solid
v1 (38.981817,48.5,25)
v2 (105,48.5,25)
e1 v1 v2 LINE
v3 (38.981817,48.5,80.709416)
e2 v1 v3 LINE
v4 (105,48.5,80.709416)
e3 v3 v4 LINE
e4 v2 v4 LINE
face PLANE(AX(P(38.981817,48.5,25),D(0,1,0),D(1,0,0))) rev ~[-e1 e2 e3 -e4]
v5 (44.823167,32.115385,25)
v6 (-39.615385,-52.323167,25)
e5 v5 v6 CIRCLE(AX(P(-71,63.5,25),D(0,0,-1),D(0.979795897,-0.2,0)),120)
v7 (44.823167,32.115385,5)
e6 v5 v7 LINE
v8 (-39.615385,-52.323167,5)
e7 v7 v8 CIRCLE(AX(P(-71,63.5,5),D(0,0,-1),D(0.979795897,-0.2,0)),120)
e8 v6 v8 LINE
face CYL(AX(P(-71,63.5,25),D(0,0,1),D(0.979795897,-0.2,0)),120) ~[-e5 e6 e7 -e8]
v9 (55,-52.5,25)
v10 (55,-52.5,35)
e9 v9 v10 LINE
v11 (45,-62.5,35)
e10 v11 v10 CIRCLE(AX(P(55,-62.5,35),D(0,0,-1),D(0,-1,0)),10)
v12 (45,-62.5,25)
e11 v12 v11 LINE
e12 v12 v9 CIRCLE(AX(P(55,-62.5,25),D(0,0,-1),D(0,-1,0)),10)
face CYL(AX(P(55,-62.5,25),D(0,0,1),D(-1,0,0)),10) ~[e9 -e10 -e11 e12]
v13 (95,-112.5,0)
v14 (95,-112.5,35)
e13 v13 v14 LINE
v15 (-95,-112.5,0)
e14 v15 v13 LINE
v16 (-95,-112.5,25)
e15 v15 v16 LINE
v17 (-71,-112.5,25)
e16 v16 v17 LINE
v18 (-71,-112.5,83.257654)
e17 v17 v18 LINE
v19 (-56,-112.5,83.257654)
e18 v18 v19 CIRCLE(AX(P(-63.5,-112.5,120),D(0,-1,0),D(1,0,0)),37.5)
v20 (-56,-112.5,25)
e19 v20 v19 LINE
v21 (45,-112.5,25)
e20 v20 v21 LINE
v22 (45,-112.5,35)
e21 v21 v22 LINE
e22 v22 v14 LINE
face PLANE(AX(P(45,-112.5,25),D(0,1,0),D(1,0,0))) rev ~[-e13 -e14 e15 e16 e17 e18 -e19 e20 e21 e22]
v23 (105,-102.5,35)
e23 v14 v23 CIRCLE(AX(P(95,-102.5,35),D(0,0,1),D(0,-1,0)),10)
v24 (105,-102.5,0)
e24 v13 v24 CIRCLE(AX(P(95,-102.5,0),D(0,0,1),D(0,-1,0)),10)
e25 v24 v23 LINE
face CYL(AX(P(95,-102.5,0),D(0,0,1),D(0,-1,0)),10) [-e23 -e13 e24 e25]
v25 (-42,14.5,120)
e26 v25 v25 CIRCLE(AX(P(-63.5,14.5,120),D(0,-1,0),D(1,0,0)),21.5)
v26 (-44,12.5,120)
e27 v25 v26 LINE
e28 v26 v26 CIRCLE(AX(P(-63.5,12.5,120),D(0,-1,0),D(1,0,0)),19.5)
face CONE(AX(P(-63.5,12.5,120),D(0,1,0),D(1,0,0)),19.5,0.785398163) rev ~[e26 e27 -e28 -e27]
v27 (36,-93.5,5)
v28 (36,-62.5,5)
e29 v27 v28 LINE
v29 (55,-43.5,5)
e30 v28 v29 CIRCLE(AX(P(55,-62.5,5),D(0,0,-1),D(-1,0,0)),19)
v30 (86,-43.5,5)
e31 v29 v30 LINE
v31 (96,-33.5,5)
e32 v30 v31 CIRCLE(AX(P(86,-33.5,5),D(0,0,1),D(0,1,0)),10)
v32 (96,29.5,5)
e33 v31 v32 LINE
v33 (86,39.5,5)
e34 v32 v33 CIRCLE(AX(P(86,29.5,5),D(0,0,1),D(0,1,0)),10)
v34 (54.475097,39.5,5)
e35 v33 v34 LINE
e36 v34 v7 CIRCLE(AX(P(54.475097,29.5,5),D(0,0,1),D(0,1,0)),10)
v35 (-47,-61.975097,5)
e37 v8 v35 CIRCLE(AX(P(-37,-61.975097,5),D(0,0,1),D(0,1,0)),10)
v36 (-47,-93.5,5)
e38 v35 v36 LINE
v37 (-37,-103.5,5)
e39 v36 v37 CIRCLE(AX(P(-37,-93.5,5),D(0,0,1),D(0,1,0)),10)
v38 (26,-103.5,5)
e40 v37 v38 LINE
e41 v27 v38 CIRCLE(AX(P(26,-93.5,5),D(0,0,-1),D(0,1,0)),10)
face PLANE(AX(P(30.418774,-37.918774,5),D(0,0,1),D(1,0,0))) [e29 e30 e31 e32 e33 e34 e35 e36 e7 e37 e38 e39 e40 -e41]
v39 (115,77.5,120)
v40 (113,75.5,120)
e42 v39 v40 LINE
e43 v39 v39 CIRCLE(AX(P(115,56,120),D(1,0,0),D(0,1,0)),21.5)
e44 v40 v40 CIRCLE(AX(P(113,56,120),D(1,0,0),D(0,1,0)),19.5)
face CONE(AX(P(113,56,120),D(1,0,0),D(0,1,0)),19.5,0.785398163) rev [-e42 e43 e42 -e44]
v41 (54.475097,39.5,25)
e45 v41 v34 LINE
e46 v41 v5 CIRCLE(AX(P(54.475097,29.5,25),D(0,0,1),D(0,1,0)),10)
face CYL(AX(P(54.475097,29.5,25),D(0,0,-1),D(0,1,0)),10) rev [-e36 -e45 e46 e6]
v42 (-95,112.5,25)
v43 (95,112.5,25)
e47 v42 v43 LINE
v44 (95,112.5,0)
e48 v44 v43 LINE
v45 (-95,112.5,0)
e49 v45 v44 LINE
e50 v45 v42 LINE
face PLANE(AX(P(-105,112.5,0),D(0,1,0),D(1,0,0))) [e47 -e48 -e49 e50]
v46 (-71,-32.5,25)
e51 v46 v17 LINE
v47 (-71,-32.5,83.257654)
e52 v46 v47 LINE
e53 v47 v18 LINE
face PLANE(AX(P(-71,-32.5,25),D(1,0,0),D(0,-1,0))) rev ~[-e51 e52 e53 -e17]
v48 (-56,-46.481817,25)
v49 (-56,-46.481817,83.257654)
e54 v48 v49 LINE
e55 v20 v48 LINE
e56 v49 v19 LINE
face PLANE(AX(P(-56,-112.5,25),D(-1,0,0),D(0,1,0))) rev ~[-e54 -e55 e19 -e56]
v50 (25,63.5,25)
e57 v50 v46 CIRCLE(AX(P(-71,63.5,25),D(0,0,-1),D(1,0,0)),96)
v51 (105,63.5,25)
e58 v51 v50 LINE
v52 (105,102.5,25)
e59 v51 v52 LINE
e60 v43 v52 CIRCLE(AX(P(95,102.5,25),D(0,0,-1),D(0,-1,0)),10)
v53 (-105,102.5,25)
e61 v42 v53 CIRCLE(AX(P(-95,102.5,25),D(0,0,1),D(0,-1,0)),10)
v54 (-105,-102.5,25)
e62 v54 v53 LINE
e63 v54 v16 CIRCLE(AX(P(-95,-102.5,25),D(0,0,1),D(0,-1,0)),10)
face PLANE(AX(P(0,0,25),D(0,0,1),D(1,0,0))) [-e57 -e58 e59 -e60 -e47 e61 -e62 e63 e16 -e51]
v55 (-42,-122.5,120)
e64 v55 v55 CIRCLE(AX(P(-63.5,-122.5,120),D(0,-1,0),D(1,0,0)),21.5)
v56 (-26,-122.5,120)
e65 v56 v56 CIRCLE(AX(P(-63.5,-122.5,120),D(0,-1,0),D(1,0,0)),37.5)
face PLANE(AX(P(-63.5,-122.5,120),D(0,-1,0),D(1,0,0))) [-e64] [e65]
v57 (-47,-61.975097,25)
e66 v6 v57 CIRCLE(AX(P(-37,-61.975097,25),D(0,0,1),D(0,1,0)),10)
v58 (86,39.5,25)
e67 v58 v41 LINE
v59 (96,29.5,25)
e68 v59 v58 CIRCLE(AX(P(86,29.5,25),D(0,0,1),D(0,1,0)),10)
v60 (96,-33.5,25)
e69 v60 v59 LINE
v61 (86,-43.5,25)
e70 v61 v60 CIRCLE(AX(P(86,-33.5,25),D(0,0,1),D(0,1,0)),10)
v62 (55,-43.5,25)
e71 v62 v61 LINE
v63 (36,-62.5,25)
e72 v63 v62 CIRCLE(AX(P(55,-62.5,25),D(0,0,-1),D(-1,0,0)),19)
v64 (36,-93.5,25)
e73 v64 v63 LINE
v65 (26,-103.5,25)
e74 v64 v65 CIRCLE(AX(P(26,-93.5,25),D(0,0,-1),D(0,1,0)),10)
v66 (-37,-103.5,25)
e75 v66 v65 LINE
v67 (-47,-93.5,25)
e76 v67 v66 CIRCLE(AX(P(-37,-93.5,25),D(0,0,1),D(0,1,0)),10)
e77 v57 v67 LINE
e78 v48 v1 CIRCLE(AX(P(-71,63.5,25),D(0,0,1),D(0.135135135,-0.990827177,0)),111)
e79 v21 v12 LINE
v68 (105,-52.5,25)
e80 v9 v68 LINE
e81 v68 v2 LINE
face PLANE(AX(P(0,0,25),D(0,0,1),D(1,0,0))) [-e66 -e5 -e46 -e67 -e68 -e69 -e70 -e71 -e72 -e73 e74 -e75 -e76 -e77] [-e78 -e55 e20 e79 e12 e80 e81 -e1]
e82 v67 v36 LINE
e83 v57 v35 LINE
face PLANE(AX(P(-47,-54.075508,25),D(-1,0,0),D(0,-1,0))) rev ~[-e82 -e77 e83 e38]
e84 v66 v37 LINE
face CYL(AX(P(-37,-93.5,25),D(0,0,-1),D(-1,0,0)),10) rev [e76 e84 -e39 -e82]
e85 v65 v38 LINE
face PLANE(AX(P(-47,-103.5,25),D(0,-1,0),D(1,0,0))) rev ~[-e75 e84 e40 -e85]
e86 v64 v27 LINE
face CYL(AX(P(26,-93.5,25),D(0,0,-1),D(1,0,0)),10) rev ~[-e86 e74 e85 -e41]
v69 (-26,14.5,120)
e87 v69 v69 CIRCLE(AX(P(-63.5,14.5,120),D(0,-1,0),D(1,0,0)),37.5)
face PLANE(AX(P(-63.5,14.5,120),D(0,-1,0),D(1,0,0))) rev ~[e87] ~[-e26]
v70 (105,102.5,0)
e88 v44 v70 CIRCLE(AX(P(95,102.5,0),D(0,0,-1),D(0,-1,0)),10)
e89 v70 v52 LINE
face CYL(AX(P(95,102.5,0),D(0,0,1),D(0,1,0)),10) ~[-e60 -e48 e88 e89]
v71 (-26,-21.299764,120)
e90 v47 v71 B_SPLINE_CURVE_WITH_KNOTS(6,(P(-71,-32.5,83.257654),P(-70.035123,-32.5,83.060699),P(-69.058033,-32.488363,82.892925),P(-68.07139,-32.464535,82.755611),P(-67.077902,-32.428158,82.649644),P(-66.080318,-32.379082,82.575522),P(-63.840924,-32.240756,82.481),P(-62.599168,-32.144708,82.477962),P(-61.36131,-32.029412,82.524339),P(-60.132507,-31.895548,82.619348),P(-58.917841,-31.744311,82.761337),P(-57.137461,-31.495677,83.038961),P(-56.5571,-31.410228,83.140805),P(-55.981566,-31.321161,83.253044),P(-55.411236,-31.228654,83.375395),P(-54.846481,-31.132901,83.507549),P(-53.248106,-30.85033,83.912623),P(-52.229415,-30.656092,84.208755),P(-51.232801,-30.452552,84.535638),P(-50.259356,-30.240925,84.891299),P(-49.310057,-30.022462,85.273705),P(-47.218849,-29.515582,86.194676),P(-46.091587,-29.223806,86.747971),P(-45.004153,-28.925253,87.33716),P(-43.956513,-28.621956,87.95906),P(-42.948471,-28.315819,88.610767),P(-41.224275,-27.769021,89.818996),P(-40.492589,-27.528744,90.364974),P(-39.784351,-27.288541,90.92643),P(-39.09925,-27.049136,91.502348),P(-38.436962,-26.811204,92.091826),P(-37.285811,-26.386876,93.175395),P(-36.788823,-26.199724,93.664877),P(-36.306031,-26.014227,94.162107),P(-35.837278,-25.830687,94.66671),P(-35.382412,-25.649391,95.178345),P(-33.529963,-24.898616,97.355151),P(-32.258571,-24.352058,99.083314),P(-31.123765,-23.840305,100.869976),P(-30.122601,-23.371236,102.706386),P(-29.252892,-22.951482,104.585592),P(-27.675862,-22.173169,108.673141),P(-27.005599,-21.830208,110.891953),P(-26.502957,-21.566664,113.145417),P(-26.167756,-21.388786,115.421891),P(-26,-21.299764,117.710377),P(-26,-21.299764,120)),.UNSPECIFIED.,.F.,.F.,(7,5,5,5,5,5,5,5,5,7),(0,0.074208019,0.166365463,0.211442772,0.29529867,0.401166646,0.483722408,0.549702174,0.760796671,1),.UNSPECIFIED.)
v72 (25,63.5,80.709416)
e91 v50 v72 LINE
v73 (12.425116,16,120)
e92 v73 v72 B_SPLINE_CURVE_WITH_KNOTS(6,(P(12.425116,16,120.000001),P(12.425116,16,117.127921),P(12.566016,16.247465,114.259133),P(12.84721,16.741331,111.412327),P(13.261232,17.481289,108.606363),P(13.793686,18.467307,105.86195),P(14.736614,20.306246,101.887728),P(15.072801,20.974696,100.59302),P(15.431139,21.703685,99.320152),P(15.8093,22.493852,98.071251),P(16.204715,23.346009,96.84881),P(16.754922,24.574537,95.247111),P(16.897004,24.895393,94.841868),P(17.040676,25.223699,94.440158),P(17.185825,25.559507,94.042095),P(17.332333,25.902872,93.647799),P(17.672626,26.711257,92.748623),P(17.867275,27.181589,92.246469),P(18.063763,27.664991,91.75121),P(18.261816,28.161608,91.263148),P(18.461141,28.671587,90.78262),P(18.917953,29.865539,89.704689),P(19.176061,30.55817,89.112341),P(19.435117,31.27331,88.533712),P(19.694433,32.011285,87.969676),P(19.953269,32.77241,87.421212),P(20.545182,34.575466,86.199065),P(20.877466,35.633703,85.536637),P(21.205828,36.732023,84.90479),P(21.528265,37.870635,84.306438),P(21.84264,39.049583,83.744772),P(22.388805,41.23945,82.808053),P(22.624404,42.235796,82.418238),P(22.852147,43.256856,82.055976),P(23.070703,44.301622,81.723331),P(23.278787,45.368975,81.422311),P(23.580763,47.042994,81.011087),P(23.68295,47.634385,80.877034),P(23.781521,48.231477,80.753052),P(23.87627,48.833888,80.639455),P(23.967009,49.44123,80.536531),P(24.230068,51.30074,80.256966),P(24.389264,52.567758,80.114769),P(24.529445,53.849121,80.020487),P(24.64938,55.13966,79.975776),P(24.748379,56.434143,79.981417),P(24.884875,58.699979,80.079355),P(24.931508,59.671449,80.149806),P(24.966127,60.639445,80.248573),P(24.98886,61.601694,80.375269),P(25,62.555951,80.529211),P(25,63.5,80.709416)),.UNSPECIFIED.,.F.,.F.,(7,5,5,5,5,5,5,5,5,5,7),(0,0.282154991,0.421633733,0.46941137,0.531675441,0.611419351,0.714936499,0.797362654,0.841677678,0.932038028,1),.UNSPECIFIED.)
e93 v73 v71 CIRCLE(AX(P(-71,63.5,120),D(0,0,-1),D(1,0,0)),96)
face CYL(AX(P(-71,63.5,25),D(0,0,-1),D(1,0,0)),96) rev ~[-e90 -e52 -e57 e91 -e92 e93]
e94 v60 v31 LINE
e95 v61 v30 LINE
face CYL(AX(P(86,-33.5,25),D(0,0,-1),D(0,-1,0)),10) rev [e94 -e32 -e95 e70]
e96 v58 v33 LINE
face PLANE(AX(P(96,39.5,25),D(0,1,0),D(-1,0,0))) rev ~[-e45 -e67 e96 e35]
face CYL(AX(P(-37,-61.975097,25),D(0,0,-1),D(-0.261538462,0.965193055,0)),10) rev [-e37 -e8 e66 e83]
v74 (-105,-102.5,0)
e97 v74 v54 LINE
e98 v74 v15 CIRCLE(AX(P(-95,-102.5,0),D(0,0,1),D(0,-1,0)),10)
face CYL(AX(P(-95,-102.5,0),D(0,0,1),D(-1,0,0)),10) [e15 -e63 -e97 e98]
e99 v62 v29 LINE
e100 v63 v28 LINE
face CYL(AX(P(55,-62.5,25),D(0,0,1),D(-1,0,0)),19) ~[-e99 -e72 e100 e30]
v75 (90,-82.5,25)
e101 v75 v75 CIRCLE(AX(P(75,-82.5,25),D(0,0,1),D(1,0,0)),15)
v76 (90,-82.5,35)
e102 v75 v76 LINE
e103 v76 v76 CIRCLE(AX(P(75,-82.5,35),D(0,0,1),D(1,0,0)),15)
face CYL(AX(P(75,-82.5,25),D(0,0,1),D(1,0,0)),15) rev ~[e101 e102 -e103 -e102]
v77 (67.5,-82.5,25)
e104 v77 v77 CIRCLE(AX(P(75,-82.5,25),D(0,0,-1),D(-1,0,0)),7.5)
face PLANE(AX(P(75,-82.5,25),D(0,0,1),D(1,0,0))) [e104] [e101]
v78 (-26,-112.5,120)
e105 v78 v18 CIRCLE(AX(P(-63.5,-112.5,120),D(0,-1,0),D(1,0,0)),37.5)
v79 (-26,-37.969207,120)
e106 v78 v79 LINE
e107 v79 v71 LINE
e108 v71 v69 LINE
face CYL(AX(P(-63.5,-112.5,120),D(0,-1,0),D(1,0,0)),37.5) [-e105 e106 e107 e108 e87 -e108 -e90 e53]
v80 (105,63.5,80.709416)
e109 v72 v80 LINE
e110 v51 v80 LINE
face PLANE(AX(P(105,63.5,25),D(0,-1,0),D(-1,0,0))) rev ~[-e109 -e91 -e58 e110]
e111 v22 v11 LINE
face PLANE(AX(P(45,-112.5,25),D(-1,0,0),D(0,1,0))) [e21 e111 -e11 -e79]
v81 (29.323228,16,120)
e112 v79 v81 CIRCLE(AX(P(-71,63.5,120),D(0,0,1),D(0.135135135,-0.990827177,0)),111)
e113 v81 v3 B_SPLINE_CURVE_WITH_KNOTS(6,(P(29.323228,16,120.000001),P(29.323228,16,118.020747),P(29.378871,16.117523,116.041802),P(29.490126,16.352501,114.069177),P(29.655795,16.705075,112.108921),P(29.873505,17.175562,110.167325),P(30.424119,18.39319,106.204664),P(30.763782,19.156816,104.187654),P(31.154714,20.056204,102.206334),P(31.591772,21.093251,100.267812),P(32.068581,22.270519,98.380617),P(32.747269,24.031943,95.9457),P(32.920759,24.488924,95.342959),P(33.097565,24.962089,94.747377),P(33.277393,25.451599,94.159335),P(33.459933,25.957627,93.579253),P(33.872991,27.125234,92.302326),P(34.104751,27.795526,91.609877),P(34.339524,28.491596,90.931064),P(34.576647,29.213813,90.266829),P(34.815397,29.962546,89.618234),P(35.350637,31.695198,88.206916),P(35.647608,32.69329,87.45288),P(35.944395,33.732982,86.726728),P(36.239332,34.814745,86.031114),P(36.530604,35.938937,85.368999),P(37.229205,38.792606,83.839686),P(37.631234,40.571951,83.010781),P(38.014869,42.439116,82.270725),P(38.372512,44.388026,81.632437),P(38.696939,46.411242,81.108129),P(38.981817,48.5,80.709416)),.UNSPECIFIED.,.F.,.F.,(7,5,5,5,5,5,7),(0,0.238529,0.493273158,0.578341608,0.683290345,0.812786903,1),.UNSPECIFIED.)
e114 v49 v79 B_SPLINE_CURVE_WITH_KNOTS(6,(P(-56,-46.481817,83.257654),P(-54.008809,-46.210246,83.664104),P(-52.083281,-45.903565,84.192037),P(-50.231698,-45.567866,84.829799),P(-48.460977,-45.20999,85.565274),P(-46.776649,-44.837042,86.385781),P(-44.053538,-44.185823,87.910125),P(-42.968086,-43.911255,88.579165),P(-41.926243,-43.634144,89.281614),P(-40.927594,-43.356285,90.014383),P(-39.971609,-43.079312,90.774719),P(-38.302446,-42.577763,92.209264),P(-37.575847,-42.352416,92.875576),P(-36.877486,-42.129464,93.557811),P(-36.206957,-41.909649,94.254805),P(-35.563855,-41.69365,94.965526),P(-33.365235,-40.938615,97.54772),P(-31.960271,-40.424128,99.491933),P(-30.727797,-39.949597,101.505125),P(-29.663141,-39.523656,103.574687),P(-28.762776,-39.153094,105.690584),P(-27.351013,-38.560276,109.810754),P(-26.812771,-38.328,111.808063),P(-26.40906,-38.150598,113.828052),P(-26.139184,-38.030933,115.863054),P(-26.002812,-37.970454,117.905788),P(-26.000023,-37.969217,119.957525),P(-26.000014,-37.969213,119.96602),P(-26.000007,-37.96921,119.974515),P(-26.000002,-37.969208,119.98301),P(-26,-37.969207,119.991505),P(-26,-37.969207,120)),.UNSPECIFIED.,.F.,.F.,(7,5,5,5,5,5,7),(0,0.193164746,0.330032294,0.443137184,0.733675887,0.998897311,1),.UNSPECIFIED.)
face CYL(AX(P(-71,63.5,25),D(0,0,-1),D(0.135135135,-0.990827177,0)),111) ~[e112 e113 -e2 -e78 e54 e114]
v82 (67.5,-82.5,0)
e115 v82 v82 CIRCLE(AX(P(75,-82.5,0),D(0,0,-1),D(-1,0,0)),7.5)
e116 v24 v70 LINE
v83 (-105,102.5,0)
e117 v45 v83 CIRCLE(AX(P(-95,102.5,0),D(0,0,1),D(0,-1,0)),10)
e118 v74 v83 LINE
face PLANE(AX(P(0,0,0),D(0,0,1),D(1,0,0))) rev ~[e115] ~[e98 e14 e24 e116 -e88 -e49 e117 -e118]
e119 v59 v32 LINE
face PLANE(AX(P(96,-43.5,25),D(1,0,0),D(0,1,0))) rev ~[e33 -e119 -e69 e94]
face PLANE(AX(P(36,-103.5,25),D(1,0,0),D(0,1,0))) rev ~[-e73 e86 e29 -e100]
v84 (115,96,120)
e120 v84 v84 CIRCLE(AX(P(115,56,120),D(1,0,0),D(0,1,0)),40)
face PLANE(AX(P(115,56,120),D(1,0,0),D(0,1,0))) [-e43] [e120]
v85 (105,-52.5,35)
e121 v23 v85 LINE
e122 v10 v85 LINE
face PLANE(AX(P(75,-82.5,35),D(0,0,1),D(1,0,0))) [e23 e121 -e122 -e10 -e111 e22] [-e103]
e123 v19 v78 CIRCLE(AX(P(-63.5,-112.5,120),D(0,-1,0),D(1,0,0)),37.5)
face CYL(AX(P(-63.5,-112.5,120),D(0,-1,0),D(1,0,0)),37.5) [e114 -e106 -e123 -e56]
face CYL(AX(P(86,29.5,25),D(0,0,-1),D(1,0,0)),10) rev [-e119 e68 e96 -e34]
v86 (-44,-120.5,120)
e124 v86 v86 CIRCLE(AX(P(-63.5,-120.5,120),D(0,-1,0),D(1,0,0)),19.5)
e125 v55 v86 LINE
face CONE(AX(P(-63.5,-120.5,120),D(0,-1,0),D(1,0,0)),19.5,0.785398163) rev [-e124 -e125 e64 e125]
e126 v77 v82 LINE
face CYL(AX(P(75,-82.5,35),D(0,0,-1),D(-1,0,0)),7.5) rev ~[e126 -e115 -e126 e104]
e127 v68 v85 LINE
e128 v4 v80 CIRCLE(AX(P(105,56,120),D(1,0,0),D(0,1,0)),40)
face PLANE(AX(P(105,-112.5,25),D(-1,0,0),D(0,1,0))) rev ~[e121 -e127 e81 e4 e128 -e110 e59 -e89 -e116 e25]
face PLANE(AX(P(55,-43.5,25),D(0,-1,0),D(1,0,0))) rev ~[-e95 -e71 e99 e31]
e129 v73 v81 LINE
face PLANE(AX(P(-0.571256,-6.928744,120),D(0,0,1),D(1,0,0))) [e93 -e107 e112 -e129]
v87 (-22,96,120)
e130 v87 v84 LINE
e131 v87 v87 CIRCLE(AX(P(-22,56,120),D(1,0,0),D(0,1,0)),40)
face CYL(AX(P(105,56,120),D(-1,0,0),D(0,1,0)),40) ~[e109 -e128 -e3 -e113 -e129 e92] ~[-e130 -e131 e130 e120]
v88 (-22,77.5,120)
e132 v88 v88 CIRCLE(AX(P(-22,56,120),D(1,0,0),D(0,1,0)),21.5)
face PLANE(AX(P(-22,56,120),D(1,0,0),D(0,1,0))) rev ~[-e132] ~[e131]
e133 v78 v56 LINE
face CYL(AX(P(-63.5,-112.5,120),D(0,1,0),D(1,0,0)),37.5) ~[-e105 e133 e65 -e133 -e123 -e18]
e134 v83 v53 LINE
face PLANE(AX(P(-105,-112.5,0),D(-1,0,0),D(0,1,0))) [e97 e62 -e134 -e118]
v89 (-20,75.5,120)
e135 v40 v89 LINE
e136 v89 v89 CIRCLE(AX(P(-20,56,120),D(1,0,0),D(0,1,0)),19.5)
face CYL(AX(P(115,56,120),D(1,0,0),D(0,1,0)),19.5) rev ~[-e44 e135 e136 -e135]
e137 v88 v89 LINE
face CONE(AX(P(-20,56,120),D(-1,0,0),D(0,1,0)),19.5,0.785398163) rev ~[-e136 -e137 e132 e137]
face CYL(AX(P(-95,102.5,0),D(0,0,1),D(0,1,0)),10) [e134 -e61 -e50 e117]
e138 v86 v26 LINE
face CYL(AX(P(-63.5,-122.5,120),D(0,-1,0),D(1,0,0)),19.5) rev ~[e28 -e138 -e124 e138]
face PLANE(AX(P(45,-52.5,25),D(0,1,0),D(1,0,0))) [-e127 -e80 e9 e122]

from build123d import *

# Parameters (mm, degrees)
F0_W            = 210
F0_H            = 225
F1_DEPTH        = 25
F3_DEPTH        = 95
F4_R            = 37.5
F5_DEPTH        = 10
F5_DEPTH_BACK   = 127
F6_R            = 40
F7_DEPTH        = 10
F7_DEPTH_BACK   = 127
F8_W            = 60
F8_H            = 60
F9_DEPTH        = 10
F10_R           = 10
F12_DEPTH       = 20
F14_D           = 15
F14_CBORE_D     = 30
F14_CBORE_DEPTH = 10
F15_R           = 10
F16_R           = 10
F17_R           = 19.5
F18_DEPTH       = 235.001
F19_R           = 19.5
F20_DEPTH       = 220.001
F21_SIZE        = 2


with BuildPart() as f1:
    # F0 (on Top) → F1 (new body)
    with BuildSketch(Plane.XY):
        Rectangle(F0_W, F0_H)
    extrude(amount=F1_DEPTH)

    # F2 (on face) → F3 (join)
    with BuildSketch(Plane.XY.offset(25)):
        with BuildLine():
            Line((-71, -32.5), (-71, -112.5))
            Line((-71, -112.5), (-56, -112.5))
            Line((-56, -112.5), (-56, -46.4818166789))
            ThreePointArc((-56, -46.4818166789), (7.4888527117, -14.9888527117), (38.9818166789, 48.5))
            Line((38.9818166789, 48.5), (105, 48.5))
            Line((105, 48.5), (105, 63.5))
            Line((105, 63.5), (25, 63.5))
            ThreePointArc((25, 63.5), (-3.1177490061, -4.3822509939), (-71, -32.5))
        make_face()
    extrude(amount=F3_DEPTH)

    # F4 (on face) → F5 (join, two sides)
    with BuildSketch(Plane.XZ.offset(112.5)) as f5_sk:
        with Locations((-63.5, 120)):
            Circle(F4_R)
        with BuildLine():
            ThreePointArc((-56, 83.2576538583), (-34.4526249034, 96.2829175487), (-26, 120))
            ThreePointArc((-26, 120), (-87.2170824513, 149.0473750966), (-71, 83.2576538583))
            Line((-71, 83.2576538583), (-71, 120))
            Line((-71, 120), (-56, 120))
            Line((-56, 120), (-56, 83.2576538583))
        make_face()
    extrude(amount=F5_DEPTH)
    extrude(f5_sk.sketch, amount=-F5_DEPTH_BACK)

    # F6 (on face) → F7 (join, two sides)
    with BuildSketch(Plane.YZ.offset(105)) as f7_sk:
        with Locations((56, 120)):
            Circle(F6_R)
    extrude(amount=F7_DEPTH)
    extrude(f7_sk.sketch, amount=-F7_DEPTH_BACK)

    # F8 (on face) → F9 (join)
    with BuildSketch(Plane.XY.offset(25)):
        with Locations((75, -82.5)):
            Rectangle(F8_W, F8_H)
    extrude(amount=F9_DEPTH)

    # F10
    f10_edges = [f1.edges().sort_by_distance(p)[0] for p in [
        (45, -52.5, 30),
    ]]
    fillet(f10_edges, radius=F10_R)

    # F11 (on face) → F12 (cut)
    with BuildSketch(Plane.XY.offset(25)):
        with BuildLine():
            Line((36, -103.5), (36, -62.5))
            ThreePointArc((36, -62.5), (41.5649711575, -49.0649711575), (55, -43.5))
            Line((55, -43.5), (96, -43.5))
            Line((96, -43.5), (96, 39.5))
            Line((96, 39.5), (46.5755076536, 39.5))
            ThreePointArc((46.5755076536, 39.5), (13.8528137424, -21.3528137424), (-47, -54.0755076536))
            Line((-47, -54.0755076536), (-47, -103.5))
            Line((-47, -103.5), (36, -103.5))
        make_face()
    extrude(amount=-F12_DEPTH, mode=Mode.SUBTRACT)

    # F14 (through all)
    with Locations(Plane.XY.offset(35)):
        with Locations((75, -82.5)):
            CounterBoreHole(F14_D / 2, F14_CBORE_D / 2, F14_CBORE_DEPTH)

    # F15
    f15_edges = [f1.edges().sort_by_distance(p)[0] for p in [
        (-47, -54.075508, 15),
        (46.575508, 39.5, 15),
        (-47, -103.5, 15),
        (96, 39.5, 15),
        (96, -43.5, 15),
        (36, -103.5, 15),
    ]]
    fillet(f15_edges, radius=F15_R)

    # F16
    f16_edges = [f1.edges().sort_by_distance(p)[0] for p in [
        (105, -112.5, 17.5),
        (-105, -112.5, 12.5),
        (105, 112.5, 12.5),
        (-105, 112.5, 12.5),
    ]]
    fillet(f16_edges, radius=F16_R)

    # F17 (on face) → F18 (cut, through all)
    with BuildSketch(Plane.XZ.offset(122.5)):
        with Locations((-63.5, 120)):
            Circle(F17_R)
    extrude(amount=-F18_DEPTH, mode=Mode.SUBTRACT)

    # F19 (on face) → F20 (cut, through all)
    with BuildSketch(Plane.YZ.offset(115)):
        with Locations((56, 120)):
            Circle(F19_R)
    extrude(amount=-F20_DEPTH, mode=Mode.SUBTRACT)

    # F21
    f21_edges = [f1.edges().sort_by_distance(p)[0] for p in [
        (-83, -122.5, 120),
        (115, 36.5, 120),
        (-22, 36.5, 120),
        (-83, 14.5, 120),
    ]]
    chamfer(f21_edges, length=F21_SIZE)


solid = f1.part
